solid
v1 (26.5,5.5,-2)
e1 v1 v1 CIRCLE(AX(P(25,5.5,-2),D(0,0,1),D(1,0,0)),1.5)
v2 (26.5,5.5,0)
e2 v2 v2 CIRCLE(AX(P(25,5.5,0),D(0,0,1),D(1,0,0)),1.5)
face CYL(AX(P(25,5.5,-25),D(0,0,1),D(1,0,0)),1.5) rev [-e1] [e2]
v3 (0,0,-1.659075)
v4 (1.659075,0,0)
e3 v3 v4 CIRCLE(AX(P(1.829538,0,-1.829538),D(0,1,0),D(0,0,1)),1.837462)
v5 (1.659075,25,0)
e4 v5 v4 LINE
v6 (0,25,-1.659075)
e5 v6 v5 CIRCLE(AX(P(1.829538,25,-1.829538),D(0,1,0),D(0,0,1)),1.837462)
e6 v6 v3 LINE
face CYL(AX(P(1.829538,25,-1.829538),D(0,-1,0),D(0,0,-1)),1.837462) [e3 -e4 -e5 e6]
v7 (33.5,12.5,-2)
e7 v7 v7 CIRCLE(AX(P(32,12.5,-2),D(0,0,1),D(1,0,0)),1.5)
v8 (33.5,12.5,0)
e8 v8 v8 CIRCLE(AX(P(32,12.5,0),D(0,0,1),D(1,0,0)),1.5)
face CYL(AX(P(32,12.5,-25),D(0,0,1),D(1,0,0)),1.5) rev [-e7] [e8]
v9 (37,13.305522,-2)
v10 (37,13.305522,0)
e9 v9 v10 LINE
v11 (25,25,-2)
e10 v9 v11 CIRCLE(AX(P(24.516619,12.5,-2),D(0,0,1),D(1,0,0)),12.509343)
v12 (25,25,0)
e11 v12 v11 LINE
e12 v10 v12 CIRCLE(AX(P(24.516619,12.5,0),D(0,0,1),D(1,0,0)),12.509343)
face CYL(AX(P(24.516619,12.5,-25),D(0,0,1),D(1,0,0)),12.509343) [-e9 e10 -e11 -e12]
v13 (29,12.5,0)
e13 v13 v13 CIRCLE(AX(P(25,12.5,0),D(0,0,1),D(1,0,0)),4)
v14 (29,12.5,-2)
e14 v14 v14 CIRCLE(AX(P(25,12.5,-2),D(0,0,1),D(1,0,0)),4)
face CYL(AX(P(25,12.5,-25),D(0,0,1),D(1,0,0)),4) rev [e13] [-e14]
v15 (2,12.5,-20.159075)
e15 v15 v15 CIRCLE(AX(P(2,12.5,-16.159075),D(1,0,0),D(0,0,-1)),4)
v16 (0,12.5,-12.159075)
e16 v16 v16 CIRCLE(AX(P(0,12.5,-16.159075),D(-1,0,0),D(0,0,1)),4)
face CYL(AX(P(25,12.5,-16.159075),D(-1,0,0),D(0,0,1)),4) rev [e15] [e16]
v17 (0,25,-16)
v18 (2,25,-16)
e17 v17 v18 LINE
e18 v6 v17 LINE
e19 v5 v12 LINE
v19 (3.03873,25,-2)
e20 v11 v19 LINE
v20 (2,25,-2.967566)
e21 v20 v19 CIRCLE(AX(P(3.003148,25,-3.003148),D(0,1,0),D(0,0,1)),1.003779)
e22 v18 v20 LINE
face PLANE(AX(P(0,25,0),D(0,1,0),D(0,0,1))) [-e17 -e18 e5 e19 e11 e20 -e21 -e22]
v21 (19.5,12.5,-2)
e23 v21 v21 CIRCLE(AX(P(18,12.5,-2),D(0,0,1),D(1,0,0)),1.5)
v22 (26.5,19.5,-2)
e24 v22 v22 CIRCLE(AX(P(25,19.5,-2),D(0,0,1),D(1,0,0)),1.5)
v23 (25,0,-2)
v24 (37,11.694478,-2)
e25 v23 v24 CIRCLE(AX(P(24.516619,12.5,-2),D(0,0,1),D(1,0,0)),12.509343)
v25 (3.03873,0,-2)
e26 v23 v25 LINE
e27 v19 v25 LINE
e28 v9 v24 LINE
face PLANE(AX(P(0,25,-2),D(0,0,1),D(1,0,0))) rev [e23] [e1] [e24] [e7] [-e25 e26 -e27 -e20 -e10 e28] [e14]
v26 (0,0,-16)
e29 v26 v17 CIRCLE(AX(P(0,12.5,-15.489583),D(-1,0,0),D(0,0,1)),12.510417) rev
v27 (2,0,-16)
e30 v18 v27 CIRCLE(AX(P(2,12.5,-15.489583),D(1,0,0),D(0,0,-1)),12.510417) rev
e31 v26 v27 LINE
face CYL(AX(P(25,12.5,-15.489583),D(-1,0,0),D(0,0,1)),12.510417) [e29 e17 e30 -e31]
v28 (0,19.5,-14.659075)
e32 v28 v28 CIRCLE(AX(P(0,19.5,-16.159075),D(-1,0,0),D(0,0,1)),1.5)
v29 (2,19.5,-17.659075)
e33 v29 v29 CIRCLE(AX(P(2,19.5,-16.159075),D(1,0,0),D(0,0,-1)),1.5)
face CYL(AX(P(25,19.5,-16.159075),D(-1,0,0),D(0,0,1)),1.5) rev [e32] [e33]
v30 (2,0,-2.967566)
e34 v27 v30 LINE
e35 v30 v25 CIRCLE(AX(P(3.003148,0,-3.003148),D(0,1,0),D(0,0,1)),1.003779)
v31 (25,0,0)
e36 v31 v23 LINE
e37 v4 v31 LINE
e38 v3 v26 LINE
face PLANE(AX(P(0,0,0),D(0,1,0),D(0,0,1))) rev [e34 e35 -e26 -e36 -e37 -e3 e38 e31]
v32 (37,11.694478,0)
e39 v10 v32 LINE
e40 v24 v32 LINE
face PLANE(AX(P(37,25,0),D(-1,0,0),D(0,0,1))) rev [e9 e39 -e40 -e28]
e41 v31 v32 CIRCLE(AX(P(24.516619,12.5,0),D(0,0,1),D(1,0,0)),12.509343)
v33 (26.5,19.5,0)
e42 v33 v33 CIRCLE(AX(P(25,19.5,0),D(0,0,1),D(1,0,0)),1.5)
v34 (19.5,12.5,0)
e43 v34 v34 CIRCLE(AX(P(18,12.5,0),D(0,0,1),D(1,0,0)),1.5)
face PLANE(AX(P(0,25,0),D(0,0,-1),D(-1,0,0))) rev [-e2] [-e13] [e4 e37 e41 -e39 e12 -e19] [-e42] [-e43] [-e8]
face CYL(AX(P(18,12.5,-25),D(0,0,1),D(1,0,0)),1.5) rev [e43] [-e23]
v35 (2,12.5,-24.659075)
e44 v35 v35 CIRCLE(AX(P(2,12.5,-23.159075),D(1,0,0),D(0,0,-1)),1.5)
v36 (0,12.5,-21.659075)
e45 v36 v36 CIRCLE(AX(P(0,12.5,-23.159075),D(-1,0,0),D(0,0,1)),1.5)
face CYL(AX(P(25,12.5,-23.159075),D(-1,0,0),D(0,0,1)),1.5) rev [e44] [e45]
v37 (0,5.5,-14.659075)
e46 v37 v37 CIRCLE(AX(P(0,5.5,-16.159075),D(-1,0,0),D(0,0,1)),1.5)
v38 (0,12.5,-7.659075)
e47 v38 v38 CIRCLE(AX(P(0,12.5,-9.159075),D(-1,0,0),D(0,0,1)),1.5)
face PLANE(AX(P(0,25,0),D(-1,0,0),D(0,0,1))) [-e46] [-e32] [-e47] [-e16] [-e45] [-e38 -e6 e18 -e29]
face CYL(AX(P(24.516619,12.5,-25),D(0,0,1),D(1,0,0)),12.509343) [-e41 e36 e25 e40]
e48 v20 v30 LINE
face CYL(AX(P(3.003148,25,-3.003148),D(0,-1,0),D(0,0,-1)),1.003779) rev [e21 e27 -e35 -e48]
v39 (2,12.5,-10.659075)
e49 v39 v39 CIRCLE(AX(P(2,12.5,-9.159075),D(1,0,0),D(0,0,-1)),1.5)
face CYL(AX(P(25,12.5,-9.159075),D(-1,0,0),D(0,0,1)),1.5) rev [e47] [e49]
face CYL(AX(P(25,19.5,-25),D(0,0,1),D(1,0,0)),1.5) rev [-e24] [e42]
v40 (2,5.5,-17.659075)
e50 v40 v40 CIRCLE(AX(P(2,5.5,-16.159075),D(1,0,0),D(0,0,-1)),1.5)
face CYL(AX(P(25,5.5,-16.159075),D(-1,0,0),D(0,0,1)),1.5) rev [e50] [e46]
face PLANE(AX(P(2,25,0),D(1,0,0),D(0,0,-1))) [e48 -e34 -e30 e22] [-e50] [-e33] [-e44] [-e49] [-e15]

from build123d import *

# Parameters (mm, degrees)
BOSS_EXTRUDE1_DEPTH = 25
CUT_EXTRUDE1_DEPTH  = 25
CUT_EXTRUDE2_DEPTH  = 25
SKETCH5_R           = 4
SKETCH5_R_2         = 1.5
CUT_EXTRUDE3_DEPTH  = 25
SKETCH6_R           = 4
SKETCH6_R_2         = 1.5
CUT_EXTRUDE4_DEPTH  = 25


with BuildPart() as part:
    # Sketch1 → Boss-Extrude1 (new body)
    with BuildSketch(Plane(origin=(0, 0, 0), x_dir=(1, 0, 0), z_dir=(0, 1, 0))):
        with BuildLine():
            ThreePointArc((0, 1.659075407), (0.530256055, 0.530256055), (1.659075407, 0))
            Line((1.659075407, 0), (2, 0))
            Line((2, 0), (37, 0))
            Line((37, 0), (37, 2))
            Line((37, 2), (3.038729714, 2))
            ThreePointArc((3.038729714, 2), (3.003147911, 1.999369152), (2.967566108, 2))
            ThreePointArc((2.967566108, 2), (2.293369144, 2.293369144), (2, 2.967566108))
            Line((2, 2.967566108), (2, 28))
            Line((2, 28), (0, 28))
            Line((0, 28), (0, 2))
            Line((0, 2), (0, 1.659075407))
        make_face()
    extrude(amount=BOSS_EXTRUDE1_DEPTH)

    # Sketch2 → Cut-Extrude1 (cut)
    with BuildSketch(Plane.ZY):
        with BuildLine():
            ThreePointArc((-28, 12.5), (-24.514439297, 21.163861726), (-16, 25))
            Line((-16, 25), (-28, 25))
            Line((-28, 25), (-28, 12.5))
        make_face()
        with BuildLine():
            ThreePointArc((-16, 0), (-24.514439297, 3.836138274), (-28, 12.5))
            Line((-28, 12.5), (-28, 0))
            Line((-28, 0), (-16, 0))
        make_face()
    extrude(amount=-CUT_EXTRUDE1_DEPTH, mode=Mode.SUBTRACT)

    # Sketch4 → Cut-Extrude2 (cut)
    with BuildSketch(Plane.XY):
        with BuildLine():
            Line((37, 25), (25, 25))
            ThreePointArc((25, 25), (33.247279652, 21.458751494), (37, 13.305521912))
            Line((37, 13.305521912), (37, 25))
        make_face()
        with BuildLine():
            Line((37, 0), (37, 11.694478088))
            ThreePointArc((37, 11.694478088), (33.247279652, 3.541248506), (25, 0))
            Line((25, 0), (37, 0))
        make_face()
    extrude(amount=-CUT_EXTRUDE2_DEPTH, mode=Mode.SUBTRACT)

    # Sketch5 → Cut-Extrude3 (cut)
    with BuildSketch(Plane.XY):
        with Locations((25, 12.5)):
            Circle(SKETCH5_R)
        with Locations((25, 19.5)):
            Circle(SKETCH5_R_2)
        with Locations((32, 12.5)):
            Circle(SKETCH5_R_2)
        with Locations((25, 5.5)):
            Circle(SKETCH5_R_2)
        with Locations((18, 12.5)):
            Circle(SKETCH5_R_2)
    extrude(amount=-CUT_EXTRUDE3_DEPTH, mode=Mode.SUBTRACT)

    # Sketch6 → Cut-Extrude4 (cut)
    with BuildSketch(Plane.ZY):
        with Locations((-16.159075407, 12.5)):
            Circle(SKETCH6_R)
        with Locations((-16.159075407, 19.5)):
            Circle(SKETCH6_R_2)
        with Locations((-9.159075407, 12.5)):
            Circle(SKETCH6_R_2)
        with Locations((-16.159075407, 5.5)):
            Circle(SKETCH6_R_2)
        with Locations((-23.159075407, 12.5)):
            Circle(SKETCH6_R_2)
    extrude(amount=-CUT_EXTRUDE4_DEPTH, mode=Mode.SUBTRACT)


solid = part.part
